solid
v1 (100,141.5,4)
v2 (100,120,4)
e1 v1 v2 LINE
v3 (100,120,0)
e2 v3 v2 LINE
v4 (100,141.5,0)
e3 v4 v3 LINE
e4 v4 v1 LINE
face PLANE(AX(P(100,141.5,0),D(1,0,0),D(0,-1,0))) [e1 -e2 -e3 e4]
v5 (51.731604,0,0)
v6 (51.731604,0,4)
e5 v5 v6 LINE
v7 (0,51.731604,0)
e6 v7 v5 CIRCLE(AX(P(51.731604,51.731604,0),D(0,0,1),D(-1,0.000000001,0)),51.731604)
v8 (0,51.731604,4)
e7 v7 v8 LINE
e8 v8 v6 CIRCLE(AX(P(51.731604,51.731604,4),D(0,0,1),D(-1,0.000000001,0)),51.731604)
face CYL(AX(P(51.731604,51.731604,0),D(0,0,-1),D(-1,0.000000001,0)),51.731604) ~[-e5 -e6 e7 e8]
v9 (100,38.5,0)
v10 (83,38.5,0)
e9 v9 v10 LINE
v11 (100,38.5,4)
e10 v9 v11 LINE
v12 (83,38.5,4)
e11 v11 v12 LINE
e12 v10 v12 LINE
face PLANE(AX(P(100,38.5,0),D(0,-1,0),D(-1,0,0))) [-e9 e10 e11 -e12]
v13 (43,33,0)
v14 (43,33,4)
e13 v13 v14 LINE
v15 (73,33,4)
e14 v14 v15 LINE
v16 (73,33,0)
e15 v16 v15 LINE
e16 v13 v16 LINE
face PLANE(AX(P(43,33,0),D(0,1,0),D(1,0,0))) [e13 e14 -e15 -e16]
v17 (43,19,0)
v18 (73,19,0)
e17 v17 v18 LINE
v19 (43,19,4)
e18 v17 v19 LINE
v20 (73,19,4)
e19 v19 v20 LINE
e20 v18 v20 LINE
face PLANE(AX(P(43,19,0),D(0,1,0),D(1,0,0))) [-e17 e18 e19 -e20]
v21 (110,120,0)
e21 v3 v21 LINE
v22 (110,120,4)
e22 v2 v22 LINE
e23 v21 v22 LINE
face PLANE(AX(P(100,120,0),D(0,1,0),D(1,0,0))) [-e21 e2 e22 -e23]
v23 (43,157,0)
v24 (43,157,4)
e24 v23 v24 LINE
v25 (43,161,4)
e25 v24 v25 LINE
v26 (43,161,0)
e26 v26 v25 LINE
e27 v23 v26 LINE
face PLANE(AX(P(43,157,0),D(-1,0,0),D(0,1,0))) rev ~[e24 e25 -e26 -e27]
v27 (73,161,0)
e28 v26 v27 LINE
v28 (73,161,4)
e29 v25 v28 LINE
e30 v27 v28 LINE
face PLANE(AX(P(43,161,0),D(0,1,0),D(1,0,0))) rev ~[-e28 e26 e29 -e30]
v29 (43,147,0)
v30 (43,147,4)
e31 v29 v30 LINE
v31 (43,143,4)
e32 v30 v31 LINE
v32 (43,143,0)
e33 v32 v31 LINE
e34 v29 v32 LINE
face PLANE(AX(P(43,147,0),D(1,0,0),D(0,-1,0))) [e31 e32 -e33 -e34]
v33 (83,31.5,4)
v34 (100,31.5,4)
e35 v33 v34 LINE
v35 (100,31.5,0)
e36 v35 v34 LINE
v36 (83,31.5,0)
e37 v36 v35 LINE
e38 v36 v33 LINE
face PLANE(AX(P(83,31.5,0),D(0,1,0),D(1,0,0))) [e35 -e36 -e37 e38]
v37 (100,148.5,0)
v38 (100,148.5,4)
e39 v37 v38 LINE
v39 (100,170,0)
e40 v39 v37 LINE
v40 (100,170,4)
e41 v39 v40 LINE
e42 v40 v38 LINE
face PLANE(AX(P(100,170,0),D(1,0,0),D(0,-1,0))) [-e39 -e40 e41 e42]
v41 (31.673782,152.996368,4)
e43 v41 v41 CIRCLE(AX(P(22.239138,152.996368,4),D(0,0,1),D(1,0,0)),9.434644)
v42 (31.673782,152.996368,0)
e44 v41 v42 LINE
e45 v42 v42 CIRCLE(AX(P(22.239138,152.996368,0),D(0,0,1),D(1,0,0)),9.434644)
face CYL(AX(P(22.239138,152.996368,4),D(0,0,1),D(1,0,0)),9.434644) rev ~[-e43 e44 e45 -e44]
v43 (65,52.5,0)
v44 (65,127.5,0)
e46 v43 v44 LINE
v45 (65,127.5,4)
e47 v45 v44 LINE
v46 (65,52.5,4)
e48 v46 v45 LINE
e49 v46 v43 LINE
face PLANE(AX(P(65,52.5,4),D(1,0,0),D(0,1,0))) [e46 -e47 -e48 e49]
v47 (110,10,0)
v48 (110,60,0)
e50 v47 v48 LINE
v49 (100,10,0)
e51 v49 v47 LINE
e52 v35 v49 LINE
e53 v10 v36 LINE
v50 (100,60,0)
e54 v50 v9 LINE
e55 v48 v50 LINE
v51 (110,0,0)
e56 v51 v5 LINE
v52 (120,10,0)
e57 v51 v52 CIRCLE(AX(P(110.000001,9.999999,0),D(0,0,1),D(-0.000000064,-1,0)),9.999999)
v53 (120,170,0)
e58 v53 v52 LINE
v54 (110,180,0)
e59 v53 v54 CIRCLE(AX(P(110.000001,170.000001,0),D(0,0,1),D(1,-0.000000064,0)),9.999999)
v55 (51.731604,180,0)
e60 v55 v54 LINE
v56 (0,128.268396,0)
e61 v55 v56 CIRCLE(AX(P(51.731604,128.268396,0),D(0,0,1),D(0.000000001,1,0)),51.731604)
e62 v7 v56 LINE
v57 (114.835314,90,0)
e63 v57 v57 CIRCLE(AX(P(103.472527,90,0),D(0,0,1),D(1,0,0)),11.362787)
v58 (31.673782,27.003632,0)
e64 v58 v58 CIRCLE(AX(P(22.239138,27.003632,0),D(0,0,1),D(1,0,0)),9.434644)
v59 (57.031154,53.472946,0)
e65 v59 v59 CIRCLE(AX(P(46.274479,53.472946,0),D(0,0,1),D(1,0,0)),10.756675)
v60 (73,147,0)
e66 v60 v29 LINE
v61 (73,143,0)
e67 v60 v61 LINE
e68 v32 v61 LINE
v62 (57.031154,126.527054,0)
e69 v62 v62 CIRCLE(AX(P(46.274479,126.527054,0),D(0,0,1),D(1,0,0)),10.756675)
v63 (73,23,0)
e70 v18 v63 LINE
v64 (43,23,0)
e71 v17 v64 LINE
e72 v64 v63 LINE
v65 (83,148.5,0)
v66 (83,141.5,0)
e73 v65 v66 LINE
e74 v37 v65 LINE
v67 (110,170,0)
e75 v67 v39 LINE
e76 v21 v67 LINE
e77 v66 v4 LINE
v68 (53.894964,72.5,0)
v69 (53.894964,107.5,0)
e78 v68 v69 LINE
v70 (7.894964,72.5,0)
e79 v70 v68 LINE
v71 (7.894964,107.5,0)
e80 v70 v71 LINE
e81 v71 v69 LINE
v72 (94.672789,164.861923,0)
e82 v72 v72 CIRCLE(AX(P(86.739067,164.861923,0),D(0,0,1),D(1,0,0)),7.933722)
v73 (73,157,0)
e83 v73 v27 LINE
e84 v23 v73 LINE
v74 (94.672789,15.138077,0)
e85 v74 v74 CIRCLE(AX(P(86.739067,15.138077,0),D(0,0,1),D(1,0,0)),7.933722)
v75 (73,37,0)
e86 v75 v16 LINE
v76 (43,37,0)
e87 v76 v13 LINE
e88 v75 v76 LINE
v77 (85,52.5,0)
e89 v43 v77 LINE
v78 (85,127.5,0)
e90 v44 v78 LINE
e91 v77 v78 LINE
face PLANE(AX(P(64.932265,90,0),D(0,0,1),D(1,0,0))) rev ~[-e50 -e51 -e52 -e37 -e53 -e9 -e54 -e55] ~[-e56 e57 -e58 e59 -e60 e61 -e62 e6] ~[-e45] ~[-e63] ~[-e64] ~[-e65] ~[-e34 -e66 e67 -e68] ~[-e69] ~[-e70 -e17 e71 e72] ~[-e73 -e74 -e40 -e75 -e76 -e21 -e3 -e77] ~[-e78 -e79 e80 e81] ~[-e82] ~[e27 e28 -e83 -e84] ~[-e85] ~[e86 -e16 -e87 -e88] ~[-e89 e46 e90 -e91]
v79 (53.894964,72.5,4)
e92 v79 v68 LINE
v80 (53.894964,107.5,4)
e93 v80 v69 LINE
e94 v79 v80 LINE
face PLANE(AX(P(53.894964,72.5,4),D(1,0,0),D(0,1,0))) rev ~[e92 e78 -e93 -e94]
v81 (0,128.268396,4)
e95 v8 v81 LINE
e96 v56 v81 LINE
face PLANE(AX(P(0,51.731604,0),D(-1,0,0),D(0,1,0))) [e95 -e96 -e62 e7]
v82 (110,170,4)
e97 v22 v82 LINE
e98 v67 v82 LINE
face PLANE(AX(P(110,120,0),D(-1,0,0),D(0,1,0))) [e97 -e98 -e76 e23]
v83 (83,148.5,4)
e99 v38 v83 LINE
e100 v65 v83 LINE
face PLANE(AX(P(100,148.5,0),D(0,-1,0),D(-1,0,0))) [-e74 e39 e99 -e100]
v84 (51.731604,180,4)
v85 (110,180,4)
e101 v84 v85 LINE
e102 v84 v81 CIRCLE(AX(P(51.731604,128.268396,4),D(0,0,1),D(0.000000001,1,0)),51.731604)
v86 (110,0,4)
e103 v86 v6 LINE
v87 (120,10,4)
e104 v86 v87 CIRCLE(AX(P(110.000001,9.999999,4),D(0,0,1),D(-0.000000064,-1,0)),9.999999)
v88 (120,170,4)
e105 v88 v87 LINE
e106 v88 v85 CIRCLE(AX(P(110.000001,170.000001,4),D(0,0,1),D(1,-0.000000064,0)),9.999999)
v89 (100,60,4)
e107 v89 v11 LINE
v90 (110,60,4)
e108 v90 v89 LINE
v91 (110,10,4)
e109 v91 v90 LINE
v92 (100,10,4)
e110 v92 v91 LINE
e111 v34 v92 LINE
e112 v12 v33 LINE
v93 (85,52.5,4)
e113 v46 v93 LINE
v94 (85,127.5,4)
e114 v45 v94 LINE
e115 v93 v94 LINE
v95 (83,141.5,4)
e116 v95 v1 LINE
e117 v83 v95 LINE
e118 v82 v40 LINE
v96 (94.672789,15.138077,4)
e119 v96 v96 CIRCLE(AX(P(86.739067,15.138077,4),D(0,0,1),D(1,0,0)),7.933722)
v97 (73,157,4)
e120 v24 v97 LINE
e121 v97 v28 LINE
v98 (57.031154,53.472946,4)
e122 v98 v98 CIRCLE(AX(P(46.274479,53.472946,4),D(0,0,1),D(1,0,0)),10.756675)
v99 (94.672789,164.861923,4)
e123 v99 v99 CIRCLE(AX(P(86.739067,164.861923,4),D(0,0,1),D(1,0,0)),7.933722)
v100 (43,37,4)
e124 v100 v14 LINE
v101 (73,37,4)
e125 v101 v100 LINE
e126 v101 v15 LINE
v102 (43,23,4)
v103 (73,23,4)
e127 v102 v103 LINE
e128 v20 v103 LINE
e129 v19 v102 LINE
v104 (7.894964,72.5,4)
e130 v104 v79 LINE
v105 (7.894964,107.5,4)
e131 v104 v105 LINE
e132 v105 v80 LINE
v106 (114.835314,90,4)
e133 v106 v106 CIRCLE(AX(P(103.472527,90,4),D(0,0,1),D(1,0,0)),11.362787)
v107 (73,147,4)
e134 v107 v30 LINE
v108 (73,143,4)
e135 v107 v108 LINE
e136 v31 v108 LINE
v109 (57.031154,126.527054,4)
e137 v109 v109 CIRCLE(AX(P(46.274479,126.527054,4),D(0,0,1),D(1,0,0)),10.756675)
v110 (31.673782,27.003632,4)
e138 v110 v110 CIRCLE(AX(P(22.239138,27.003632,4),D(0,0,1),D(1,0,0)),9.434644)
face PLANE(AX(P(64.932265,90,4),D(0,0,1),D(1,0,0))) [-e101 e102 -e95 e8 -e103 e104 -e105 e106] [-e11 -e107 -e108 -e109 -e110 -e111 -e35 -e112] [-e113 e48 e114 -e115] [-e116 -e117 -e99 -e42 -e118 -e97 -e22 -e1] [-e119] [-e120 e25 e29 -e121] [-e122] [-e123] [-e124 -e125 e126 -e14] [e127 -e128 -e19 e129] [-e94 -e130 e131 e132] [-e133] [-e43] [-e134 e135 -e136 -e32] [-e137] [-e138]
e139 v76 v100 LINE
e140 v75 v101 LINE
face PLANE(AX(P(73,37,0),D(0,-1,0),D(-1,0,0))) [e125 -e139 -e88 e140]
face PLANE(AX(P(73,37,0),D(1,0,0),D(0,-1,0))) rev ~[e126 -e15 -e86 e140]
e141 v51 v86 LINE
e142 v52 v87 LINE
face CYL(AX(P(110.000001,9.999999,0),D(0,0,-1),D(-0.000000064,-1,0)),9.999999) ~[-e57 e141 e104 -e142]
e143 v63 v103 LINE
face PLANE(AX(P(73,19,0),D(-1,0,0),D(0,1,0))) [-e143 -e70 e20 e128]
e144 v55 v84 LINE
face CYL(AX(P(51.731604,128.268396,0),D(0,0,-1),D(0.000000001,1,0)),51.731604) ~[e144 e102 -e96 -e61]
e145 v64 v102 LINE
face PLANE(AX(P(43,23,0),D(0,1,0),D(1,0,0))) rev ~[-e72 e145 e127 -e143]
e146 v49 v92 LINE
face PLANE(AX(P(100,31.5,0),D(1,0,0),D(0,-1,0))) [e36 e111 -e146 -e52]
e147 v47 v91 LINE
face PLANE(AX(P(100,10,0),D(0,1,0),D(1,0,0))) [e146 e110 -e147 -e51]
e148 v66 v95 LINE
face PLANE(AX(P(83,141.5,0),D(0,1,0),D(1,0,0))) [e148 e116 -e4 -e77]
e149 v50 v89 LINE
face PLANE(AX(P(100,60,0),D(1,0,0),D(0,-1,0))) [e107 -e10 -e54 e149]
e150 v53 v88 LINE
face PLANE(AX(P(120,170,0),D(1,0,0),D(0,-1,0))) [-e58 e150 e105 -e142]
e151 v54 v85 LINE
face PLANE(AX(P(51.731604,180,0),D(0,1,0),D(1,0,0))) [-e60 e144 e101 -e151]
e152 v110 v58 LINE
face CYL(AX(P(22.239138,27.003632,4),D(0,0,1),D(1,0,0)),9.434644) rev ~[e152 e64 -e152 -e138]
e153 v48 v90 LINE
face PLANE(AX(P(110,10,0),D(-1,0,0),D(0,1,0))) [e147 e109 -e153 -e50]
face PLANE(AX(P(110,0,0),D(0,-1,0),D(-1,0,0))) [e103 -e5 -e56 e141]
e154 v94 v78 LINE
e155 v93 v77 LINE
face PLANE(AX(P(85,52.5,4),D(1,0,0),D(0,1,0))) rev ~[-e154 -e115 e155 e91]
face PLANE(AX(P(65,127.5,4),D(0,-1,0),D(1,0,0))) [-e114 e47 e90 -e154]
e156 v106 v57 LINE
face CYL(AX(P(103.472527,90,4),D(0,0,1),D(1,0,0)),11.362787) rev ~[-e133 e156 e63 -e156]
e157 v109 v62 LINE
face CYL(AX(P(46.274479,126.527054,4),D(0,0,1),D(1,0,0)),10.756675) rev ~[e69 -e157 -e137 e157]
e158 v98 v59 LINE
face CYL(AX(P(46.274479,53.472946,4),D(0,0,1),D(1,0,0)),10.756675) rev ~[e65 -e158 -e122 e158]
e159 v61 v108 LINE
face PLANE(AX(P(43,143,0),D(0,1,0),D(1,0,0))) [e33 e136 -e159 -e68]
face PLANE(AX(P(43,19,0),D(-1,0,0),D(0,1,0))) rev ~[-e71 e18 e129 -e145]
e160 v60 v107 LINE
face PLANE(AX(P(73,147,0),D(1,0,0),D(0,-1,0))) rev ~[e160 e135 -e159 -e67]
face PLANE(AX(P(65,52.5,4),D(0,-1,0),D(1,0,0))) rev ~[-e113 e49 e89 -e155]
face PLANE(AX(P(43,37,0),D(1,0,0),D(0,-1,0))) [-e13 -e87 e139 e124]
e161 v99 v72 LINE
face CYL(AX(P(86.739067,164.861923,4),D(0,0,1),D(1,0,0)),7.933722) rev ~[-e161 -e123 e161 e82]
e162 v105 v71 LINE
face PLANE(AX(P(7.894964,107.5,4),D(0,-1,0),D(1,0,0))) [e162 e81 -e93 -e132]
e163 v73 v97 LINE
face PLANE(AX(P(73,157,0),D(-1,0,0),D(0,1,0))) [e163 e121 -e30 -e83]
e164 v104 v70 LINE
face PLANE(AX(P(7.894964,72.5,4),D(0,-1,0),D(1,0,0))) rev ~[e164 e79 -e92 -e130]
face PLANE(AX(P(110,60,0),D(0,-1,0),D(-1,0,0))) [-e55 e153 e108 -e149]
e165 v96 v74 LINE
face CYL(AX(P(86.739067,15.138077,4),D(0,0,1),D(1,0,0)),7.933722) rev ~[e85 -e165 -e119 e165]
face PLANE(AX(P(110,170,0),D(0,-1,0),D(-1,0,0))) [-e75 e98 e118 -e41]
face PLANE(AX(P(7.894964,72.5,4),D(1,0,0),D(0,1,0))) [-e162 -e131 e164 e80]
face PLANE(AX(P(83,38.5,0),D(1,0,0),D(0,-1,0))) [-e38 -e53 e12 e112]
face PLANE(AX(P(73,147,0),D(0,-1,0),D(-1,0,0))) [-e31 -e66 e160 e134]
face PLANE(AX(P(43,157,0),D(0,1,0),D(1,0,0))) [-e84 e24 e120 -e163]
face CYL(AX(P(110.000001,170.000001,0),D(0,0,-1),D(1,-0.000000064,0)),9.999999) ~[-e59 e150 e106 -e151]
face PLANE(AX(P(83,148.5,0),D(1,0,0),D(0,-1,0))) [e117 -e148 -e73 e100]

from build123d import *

# Parameters (mm, degrees)
SKETCH001_W     = 30
SKETCH001_H     = 4
PAD_DEPTH       = 4
SKETCH002_W     = 20
SKETCH002_H     = 75
SKETCH002_W_2   = 46
SKETCH002_H_2   = 35
POCKET_DEPTH    = 5
SKETCH003_R     = 10.756675
SKETCH003_R_2   = 11.362787
SKETCH003_R_3   = 7.933722
SKETCH003_R_4   = 9.434644
POCKET001_DEPTH = 5


with BuildPart() as part:
    # Sketch001 → Pad (new body)
    with BuildSketch(Plane.XY):
        with BuildLine():
            Line((0, 90), (0, 128.268396))
            ThreePointArc((51.731604, 180), (15.151836, 164.848164), (0, 128.268396))
            Line((51.731604, 180), (110, 180))
            ThreePointArc((120, 170), (117.071068, 177.071068), (110, 180))
            Line((120, 170), (120, 10))
            ThreePointArc((110, 0), (117.071068, 2.928932), (120, 10))
            Line((110, 0), (51.731604, 0))
            ThreePointArc((0, 51.731604), (15.151836, 15.151836), (51.731604, 0))
            Line((0, 51.731604), (0, 90))
        make_face()
        Polygon((100, 60), (100, 38.5), (83, 38.5), (83, 31.5), (100, 31.5), (100, 10), (110, 10), (110, 60), align=None, mode=Mode.SUBTRACT)
        Polygon((100, 120), (110, 120), (110, 170), (100, 170), (100, 148.5), (83, 148.5), (83, 141.5), (100, 141.5), align=None, mode=Mode.SUBTRACT)
        Polygon((73, 37), (43, 37), (43, 33), (73, 33), (73, 35), align=None, mode=Mode.SUBTRACT)
        Polygon((73, 145), (73, 147), (43, 147), (43, 143), (73, 143), align=None, mode=Mode.SUBTRACT)
        with Locations((58, 159)):
            Rectangle(SKETCH001_W, SKETCH001_H, mode=Mode.SUBTRACT)
        with Locations((58, 21)):
            Rectangle(SKETCH001_W, SKETCH001_H, mode=Mode.SUBTRACT)
    extrude(amount=PAD_DEPTH)

    # Sketch002 (on Face45 of Pad) → Pocket (cut)
    with BuildSketch(Plane.XY.offset(4)):
        with Locations((75, 90)):
            Rectangle(SKETCH002_W, SKETCH002_H)
        with Locations((30.894964, 90)):
            Rectangle(SKETCH002_W_2, SKETCH002_H_2)
    extrude(amount=-POCKET_DEPTH, mode=Mode.SUBTRACT)

    # Sketch003 (on Face5 of Pocket) → Pocket001 (cut)
    with BuildSketch(Plane.XY.offset(4)):
        with Locations((46.274479, 126.527054)):
            Circle(SKETCH003_R)
        with Locations((46.274479, 53.472946)):
            Circle(SKETCH003_R)
        with Locations((103.472527, 90)):
            Circle(SKETCH003_R_2)
        with Locations((86.739067, 164.861923)):
            Circle(SKETCH003_R_3)
        with Locations((86.739067, 15.138077)):
            Circle(SKETCH003_R_3)
        with Locations((22.239138, 27.003632)):
            Circle(SKETCH003_R_4)
        with Locations((22.239138, 152.996368)):
            Circle(SKETCH003_R_4)
    extrude(amount=-POCKET001_DEPTH, mode=Mode.SUBTRACT)


solid = part.part
